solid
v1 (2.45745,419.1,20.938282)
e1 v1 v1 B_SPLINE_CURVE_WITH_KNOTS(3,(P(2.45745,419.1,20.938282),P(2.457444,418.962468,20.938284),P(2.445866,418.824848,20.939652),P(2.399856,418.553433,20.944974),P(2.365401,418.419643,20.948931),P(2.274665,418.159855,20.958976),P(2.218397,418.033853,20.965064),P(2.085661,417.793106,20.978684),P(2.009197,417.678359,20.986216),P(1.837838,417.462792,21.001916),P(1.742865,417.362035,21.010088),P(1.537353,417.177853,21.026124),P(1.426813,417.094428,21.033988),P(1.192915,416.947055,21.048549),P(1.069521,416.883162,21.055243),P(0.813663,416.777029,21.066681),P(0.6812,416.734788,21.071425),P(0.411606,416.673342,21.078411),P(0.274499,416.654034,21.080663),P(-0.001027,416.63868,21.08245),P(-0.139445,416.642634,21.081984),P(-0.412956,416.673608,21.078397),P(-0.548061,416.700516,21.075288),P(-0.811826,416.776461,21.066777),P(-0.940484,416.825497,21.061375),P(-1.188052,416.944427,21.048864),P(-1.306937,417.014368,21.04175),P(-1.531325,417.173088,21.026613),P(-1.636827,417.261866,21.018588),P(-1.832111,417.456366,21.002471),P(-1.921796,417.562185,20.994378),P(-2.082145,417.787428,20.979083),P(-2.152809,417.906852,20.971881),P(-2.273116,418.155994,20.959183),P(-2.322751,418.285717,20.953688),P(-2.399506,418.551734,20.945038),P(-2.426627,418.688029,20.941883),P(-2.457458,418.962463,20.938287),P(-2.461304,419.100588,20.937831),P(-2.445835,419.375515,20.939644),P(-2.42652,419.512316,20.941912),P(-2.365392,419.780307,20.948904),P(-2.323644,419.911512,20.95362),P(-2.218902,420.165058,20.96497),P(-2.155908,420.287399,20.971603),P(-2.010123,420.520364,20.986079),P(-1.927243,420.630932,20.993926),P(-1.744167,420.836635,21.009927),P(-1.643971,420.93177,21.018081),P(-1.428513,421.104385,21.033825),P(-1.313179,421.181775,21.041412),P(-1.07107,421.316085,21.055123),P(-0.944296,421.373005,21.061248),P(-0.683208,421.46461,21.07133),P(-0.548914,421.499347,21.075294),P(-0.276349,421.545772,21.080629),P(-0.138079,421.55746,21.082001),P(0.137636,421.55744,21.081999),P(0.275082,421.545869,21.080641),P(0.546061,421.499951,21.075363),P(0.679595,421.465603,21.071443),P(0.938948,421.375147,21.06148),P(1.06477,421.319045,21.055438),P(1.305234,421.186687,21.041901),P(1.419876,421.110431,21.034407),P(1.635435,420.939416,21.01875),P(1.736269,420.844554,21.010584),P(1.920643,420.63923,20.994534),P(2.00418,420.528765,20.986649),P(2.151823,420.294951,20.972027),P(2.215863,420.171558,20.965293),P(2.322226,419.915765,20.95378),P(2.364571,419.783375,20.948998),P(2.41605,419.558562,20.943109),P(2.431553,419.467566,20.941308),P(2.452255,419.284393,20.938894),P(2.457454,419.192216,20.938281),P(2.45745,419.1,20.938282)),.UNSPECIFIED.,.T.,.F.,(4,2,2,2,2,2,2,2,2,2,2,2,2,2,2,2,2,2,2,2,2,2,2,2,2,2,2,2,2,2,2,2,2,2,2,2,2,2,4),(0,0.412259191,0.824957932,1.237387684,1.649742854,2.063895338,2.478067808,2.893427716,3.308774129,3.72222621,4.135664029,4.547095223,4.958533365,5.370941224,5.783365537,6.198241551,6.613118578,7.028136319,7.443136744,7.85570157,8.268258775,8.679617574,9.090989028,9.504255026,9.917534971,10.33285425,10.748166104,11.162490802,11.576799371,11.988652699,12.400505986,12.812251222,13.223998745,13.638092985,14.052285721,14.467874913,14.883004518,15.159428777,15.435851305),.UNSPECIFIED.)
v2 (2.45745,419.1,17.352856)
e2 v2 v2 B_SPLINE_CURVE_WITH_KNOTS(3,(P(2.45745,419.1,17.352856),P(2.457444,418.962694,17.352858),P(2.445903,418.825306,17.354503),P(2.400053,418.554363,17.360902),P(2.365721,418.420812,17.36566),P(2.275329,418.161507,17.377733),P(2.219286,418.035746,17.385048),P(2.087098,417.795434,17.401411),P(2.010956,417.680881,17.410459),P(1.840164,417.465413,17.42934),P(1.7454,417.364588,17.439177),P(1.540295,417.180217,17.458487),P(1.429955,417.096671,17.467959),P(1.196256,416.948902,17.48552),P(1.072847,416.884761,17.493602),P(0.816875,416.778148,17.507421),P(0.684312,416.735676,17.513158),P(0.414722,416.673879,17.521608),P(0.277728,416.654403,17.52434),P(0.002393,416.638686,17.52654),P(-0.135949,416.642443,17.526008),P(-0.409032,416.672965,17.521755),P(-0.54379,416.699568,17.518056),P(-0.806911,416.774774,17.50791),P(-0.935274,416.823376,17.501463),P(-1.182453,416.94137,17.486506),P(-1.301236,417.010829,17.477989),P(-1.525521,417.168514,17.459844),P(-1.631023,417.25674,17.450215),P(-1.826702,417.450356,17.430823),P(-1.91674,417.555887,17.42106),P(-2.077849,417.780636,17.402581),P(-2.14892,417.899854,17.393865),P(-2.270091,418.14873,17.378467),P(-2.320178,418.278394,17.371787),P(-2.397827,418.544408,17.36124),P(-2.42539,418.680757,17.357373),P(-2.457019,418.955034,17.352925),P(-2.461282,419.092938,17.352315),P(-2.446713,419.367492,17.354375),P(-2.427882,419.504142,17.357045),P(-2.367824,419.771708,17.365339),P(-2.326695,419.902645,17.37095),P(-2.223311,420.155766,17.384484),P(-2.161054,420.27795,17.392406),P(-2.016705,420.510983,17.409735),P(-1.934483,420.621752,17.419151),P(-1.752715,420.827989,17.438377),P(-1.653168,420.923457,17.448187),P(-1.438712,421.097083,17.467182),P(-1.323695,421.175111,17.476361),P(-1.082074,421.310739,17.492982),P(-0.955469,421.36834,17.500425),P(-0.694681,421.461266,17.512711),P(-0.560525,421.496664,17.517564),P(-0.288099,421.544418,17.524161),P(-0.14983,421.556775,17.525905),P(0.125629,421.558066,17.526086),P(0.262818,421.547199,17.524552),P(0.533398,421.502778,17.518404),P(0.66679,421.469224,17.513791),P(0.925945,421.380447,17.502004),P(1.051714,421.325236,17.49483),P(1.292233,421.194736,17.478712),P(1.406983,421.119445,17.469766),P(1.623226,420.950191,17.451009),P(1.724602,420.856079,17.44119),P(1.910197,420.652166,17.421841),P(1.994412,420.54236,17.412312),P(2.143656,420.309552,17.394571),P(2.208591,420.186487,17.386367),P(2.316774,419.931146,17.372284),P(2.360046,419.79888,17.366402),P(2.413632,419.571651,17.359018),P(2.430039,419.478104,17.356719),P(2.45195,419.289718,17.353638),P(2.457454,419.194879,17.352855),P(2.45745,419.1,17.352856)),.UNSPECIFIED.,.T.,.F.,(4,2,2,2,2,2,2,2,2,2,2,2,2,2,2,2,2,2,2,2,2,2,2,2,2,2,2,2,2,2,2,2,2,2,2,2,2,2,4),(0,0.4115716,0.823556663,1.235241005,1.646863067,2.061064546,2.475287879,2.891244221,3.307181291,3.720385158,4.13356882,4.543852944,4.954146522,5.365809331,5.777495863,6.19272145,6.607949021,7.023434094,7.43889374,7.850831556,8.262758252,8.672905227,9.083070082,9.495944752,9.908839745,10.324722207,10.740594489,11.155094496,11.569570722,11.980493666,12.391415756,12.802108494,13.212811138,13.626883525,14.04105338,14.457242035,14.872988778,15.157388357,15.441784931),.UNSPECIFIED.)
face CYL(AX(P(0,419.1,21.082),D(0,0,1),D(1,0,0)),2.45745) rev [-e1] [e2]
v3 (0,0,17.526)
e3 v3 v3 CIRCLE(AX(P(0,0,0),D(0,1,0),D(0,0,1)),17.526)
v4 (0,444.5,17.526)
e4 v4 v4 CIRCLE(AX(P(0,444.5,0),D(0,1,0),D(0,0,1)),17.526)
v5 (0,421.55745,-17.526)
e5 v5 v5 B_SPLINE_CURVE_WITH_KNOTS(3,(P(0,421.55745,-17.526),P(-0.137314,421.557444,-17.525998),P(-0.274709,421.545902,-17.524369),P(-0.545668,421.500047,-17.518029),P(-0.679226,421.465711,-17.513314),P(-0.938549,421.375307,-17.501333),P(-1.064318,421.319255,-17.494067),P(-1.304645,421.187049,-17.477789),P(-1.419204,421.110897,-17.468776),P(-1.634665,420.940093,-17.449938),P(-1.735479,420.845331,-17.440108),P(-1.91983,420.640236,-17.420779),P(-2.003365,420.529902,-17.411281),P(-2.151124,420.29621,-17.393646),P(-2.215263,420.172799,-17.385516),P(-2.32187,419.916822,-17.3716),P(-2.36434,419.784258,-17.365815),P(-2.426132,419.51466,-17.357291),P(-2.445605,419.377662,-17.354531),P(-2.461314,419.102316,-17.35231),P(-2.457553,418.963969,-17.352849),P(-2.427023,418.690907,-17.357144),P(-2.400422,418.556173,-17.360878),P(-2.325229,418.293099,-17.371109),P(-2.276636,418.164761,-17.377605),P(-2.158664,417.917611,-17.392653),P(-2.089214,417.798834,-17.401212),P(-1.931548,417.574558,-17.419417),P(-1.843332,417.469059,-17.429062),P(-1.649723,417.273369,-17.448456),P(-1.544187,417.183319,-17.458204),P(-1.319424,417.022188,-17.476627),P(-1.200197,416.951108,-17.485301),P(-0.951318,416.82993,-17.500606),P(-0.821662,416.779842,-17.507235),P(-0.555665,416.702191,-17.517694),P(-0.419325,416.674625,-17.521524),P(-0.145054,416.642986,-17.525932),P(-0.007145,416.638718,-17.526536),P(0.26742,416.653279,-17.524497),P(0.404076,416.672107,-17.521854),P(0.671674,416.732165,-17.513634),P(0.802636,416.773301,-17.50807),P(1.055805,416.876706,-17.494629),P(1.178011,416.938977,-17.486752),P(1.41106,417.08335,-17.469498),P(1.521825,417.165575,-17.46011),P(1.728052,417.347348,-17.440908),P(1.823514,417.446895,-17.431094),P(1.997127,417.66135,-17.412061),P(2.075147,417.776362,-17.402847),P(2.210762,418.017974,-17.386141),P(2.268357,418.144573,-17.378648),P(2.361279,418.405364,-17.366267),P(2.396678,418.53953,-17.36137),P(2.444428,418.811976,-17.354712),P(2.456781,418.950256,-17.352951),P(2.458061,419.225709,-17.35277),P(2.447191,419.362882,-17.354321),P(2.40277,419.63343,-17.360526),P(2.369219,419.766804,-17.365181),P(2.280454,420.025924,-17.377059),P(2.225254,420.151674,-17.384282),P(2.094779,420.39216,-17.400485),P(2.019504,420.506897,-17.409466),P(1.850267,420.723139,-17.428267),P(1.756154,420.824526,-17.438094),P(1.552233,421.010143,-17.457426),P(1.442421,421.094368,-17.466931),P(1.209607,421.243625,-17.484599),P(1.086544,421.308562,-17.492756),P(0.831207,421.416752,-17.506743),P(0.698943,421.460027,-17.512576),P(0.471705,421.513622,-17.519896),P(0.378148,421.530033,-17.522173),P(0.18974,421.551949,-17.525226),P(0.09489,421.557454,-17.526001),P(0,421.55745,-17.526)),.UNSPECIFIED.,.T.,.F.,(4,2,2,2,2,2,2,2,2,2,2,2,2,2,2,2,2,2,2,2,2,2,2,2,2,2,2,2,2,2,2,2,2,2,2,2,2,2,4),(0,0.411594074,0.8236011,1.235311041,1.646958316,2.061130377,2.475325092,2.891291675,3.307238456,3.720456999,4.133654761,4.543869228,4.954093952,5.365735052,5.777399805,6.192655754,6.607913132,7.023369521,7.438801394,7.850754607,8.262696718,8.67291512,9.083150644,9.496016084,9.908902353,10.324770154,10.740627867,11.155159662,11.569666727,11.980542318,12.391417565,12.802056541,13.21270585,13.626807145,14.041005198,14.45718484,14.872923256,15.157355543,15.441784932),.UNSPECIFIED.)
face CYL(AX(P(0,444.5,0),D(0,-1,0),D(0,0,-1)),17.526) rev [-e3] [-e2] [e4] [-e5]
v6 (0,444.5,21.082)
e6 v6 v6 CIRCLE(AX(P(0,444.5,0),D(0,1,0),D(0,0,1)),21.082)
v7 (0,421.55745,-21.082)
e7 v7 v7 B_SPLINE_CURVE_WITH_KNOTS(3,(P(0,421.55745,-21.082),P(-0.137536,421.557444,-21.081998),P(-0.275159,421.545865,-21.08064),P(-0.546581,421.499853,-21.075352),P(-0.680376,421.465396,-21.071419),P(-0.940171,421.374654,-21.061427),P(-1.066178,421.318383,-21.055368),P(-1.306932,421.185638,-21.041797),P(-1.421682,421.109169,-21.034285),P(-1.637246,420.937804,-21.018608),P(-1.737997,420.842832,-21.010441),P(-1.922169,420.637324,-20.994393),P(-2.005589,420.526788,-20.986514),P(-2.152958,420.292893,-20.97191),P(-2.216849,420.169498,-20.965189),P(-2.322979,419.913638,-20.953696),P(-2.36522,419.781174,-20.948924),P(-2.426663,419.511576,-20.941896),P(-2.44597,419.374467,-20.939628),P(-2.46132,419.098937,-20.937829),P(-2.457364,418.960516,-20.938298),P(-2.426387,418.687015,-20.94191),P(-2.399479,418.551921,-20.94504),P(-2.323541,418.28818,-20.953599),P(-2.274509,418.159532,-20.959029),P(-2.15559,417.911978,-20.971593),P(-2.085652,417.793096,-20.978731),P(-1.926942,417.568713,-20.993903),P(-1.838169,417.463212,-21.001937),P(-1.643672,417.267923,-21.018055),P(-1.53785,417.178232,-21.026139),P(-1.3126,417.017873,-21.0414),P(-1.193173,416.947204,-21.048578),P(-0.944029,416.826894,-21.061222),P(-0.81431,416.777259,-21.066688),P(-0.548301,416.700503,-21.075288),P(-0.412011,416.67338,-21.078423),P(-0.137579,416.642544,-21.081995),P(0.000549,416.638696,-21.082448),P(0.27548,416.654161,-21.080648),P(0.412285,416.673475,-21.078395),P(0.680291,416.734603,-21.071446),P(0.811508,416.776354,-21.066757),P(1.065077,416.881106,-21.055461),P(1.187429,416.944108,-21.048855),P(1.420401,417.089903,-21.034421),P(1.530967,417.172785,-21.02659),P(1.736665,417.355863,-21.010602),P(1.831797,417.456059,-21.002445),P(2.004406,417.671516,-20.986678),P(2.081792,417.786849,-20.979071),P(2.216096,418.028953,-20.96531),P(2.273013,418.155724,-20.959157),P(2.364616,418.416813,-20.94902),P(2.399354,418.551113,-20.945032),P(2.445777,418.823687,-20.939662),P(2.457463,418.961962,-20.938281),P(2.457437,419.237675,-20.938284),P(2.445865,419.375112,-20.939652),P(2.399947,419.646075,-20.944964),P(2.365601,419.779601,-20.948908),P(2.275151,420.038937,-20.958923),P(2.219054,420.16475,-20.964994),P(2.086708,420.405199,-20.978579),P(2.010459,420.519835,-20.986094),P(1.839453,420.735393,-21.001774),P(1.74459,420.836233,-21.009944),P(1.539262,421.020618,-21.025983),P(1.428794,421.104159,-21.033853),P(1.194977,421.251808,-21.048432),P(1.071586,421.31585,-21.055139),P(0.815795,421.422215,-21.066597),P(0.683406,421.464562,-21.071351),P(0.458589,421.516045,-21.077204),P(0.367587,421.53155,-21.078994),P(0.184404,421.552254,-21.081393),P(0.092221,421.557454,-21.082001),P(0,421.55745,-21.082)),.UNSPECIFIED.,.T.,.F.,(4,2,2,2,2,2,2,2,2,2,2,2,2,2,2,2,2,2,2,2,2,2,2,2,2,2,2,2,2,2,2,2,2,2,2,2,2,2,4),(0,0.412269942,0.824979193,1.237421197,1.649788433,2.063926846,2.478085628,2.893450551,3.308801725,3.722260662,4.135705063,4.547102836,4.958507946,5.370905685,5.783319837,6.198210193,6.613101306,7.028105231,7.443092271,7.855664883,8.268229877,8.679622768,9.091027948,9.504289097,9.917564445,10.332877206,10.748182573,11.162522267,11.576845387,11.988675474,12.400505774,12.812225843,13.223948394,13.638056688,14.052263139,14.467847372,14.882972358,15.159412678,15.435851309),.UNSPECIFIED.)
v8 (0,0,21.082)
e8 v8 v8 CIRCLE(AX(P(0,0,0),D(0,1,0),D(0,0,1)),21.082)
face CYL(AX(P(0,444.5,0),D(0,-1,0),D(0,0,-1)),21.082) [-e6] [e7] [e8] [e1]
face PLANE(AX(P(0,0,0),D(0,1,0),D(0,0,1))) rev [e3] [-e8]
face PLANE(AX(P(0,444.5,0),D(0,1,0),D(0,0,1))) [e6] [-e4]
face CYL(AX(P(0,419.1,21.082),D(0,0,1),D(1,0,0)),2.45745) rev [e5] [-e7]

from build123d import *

# Parameters (mm, degrees)
SKETCH1_R                    = 21.082
SKETCH1_R_2                  = 17.526
BOSS_EXTRUDE1_DEPTH          = 444.5
F_10_0_1935_DIAMETER_HOLE1_D = 4.9149


with BuildPart() as part:
    # Sketch1 → Boss-Extrude1 (new body)
    with BuildSketch(Plane(origin=(0, 0, 0), x_dir=(1, 0, 0), z_dir=(0, 1, 0))):
        Circle(SKETCH1_R)
        Circle(SKETCH1_R_2, mode=Mode.SUBTRACT)
    extrude(amount=BOSS_EXTRUDE1_DEPTH)

    # #10 (0.1935) Diameter Hole1 (through all)
    with Locations(Plane.XY.offset(21.082)):
        with Locations((0, 419.1)):
            Hole(F_10_0_1935_DIAMETER_HOLE1_D / 2)


solid = part.part
